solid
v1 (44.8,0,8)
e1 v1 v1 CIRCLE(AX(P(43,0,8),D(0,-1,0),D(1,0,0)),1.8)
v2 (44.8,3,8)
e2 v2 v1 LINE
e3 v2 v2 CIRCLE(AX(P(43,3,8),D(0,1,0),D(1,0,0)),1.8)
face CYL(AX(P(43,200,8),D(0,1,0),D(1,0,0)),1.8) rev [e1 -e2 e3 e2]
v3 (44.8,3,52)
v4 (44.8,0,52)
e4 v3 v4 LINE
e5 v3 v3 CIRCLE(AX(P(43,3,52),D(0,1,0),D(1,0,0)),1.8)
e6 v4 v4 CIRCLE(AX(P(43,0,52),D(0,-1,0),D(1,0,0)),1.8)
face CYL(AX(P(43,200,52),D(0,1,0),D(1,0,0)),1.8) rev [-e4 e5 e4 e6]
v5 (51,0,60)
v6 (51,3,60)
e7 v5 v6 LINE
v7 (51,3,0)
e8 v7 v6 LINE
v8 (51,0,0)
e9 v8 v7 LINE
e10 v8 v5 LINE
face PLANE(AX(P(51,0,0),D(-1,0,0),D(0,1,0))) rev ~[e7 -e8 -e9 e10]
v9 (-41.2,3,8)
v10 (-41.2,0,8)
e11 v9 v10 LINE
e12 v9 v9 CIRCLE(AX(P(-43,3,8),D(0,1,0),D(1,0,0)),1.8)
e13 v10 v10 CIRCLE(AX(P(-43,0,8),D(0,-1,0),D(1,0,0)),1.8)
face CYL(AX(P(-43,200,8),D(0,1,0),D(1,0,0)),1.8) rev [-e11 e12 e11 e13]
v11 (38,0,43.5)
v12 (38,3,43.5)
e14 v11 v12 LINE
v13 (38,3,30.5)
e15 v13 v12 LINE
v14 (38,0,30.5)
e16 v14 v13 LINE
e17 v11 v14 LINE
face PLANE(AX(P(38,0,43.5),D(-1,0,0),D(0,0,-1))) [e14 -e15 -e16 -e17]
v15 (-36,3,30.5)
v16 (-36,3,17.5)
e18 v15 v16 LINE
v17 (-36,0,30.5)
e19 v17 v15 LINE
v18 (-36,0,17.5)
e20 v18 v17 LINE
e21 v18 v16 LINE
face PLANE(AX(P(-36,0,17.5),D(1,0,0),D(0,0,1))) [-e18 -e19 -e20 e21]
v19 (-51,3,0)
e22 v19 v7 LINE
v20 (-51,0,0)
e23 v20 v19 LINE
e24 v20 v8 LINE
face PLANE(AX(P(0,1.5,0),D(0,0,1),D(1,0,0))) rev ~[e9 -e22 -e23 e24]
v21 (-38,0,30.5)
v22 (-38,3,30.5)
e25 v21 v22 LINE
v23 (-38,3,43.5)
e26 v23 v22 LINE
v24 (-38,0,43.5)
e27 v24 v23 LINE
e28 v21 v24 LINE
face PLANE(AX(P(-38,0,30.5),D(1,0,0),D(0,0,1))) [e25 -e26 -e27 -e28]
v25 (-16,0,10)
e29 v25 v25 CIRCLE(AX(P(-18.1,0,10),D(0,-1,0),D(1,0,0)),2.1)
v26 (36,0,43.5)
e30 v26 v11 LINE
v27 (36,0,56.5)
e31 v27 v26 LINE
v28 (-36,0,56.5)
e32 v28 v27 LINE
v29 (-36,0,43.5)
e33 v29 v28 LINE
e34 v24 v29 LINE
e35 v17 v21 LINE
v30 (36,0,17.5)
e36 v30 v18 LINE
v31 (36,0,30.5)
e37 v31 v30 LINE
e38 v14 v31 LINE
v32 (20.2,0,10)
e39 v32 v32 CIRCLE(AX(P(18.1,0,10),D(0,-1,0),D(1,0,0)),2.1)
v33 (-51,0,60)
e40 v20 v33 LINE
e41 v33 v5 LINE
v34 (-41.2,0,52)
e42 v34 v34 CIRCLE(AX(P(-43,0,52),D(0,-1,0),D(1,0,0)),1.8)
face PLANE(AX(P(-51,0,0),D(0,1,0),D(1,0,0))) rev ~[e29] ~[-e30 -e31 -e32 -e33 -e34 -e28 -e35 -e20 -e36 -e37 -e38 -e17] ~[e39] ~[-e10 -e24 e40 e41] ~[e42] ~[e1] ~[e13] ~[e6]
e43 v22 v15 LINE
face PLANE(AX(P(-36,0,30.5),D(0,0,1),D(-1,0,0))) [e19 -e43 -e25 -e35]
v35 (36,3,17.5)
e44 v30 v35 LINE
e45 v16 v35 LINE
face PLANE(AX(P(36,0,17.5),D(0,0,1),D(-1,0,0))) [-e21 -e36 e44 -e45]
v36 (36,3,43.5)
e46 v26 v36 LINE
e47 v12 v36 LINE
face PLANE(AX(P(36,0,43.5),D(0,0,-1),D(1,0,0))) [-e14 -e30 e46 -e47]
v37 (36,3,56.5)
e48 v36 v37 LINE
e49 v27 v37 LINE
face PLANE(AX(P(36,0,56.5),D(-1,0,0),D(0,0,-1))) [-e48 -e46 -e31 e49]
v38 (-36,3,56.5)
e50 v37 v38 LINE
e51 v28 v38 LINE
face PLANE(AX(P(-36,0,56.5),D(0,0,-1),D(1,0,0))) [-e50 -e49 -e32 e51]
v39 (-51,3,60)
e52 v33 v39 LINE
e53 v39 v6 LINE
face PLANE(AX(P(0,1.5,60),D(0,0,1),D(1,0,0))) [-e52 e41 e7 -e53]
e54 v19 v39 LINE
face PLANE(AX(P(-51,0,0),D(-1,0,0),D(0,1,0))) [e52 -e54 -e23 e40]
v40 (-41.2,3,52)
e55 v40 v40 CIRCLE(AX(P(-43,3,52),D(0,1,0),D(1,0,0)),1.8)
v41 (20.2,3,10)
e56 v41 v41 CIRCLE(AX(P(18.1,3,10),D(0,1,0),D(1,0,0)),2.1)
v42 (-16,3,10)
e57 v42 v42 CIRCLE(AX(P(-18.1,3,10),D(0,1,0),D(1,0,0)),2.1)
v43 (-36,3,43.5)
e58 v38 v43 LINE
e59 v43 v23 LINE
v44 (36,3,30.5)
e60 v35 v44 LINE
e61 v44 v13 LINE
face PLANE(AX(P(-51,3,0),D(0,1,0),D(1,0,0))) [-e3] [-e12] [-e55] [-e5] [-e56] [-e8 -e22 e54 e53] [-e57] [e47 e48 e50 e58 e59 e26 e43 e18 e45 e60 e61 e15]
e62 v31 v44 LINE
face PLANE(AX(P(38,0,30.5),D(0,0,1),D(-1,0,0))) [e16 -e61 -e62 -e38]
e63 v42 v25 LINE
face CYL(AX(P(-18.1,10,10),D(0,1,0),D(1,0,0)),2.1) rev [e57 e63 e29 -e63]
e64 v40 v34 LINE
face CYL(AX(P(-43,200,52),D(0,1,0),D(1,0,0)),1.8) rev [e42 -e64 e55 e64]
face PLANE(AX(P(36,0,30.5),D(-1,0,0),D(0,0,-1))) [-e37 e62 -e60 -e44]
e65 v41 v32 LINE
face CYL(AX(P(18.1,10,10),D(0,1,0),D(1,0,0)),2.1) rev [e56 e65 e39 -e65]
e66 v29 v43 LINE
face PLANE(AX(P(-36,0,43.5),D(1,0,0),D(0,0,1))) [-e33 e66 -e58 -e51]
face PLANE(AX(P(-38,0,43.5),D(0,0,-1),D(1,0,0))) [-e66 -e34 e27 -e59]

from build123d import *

# Parameters (mm, degrees)
CYLINDER001_R     = 2.1
CYLINDER001_DEPTH = 10
CYLINDER_R        = 2.1
CYLINDER_DEPTH    = 10
EXTRUDE_DEPTH     = 10
CYLINDER002_R     = 1.8
CYLINDER002_DEPTH = 200
ARRAY_X_COUNT     = 2
ARRAY_X_PITCH     = 86
ARRAY_Z_COUNT     = 2
ARRAY_Z_PITCH     = 44
BOX001_W          = 102
BOX001_H          = 3
BOX001_DEPTH      = 60


with BuildPart() as hole_minus:
    # Cylinder001 → Cylinder001 (new body)
    with BuildSketch(Plane(origin=(18.1, 10, 10), x_dir=(1, 0, 0), z_dir=(0, -1, 0))):
        Circle(CYLINDER001_R)
    extrude(amount=CYLINDER001_DEPTH)


with BuildPart() as hole_plus:
    # Cylinder → Cylinder (new body)
    with BuildSketch(Plane(origin=(-18.1, 10, 10), x_dir=(1, 0, 0), z_dir=(0, -1, 0))):
        Circle(CYLINDER_R)
    extrude(amount=CYLINDER_DEPTH)


with BuildPart() as display_hole_extrude:
    # Sketch → Extrude (new body)
    with BuildSketch(Plane.XZ):
        Polygon((-36, 19.5), (36, 19.5), (36, 6.5), (38, 6.5), (38, -6.5), (36, -6.5), (36, -19.5), (-36, -19.5), (-36, -6.5), (-38, -6.5), (-38, 6.5), (-36, 6.5), align=None)
    extrude(amount=-EXTRUDE_DEPTH)


with BuildPart() as display_hole_extrude_1:
    # Extrude placement: moved
    add(display_hole_extrude.part.moved(Location((0, 0, 37))))


with BuildPart() as hole_fusion:
    # Cylinder002 → Cylinder002 (new body)
    with BuildSketch(Plane(origin=(-43, 200, 8), x_dir=(1, 0, 0), z_dir=(0, -1, 0))):
        Circle(CYLINDER002_R)
    extrude(amount=CYLINDER002_DEPTH)

    # Array X: hole fusion ×2


with BuildPart() as hole_fusion_1:
    add(hole_fusion.part)
    with Locations(*[(i * ARRAY_X_PITCH, 0, 0) for i in range(1, ARRAY_X_COUNT)]):
        add(hole_fusion.part)

    # Array Z: hole fusion ×2


with BuildPart() as hole_fusion_2:
    add(hole_fusion_1.part)
    with Locations(*[(0, 0, i * ARRAY_Z_PITCH) for i in range(1, ARRAY_Z_COUNT)]):
        add(hole_fusion_1.part)

    # Fusion: union hole_minus, hole_plus, display hole extrude
    add(hole_minus.part)
    add(hole_plus.part)
    add(display_hole_extrude_1.part)


with BuildPart() as front_panel_cut:
    # Box001 → Box001 (new body)
    with BuildSketch(Plane(origin=(-51, 0, 0), x_dir=(1, 0, 0), z_dir=(0, 0, 1))):
        with Locations((51, 1.5)):
            Rectangle(BOX001_W, BOX001_H)
    extrude(amount=BOX001_DEPTH)

    # Cut: cut hole fusion
    add(hole_fusion_2.part, mode=Mode.SUBTRACT)


solid = front_panel_cut.part
